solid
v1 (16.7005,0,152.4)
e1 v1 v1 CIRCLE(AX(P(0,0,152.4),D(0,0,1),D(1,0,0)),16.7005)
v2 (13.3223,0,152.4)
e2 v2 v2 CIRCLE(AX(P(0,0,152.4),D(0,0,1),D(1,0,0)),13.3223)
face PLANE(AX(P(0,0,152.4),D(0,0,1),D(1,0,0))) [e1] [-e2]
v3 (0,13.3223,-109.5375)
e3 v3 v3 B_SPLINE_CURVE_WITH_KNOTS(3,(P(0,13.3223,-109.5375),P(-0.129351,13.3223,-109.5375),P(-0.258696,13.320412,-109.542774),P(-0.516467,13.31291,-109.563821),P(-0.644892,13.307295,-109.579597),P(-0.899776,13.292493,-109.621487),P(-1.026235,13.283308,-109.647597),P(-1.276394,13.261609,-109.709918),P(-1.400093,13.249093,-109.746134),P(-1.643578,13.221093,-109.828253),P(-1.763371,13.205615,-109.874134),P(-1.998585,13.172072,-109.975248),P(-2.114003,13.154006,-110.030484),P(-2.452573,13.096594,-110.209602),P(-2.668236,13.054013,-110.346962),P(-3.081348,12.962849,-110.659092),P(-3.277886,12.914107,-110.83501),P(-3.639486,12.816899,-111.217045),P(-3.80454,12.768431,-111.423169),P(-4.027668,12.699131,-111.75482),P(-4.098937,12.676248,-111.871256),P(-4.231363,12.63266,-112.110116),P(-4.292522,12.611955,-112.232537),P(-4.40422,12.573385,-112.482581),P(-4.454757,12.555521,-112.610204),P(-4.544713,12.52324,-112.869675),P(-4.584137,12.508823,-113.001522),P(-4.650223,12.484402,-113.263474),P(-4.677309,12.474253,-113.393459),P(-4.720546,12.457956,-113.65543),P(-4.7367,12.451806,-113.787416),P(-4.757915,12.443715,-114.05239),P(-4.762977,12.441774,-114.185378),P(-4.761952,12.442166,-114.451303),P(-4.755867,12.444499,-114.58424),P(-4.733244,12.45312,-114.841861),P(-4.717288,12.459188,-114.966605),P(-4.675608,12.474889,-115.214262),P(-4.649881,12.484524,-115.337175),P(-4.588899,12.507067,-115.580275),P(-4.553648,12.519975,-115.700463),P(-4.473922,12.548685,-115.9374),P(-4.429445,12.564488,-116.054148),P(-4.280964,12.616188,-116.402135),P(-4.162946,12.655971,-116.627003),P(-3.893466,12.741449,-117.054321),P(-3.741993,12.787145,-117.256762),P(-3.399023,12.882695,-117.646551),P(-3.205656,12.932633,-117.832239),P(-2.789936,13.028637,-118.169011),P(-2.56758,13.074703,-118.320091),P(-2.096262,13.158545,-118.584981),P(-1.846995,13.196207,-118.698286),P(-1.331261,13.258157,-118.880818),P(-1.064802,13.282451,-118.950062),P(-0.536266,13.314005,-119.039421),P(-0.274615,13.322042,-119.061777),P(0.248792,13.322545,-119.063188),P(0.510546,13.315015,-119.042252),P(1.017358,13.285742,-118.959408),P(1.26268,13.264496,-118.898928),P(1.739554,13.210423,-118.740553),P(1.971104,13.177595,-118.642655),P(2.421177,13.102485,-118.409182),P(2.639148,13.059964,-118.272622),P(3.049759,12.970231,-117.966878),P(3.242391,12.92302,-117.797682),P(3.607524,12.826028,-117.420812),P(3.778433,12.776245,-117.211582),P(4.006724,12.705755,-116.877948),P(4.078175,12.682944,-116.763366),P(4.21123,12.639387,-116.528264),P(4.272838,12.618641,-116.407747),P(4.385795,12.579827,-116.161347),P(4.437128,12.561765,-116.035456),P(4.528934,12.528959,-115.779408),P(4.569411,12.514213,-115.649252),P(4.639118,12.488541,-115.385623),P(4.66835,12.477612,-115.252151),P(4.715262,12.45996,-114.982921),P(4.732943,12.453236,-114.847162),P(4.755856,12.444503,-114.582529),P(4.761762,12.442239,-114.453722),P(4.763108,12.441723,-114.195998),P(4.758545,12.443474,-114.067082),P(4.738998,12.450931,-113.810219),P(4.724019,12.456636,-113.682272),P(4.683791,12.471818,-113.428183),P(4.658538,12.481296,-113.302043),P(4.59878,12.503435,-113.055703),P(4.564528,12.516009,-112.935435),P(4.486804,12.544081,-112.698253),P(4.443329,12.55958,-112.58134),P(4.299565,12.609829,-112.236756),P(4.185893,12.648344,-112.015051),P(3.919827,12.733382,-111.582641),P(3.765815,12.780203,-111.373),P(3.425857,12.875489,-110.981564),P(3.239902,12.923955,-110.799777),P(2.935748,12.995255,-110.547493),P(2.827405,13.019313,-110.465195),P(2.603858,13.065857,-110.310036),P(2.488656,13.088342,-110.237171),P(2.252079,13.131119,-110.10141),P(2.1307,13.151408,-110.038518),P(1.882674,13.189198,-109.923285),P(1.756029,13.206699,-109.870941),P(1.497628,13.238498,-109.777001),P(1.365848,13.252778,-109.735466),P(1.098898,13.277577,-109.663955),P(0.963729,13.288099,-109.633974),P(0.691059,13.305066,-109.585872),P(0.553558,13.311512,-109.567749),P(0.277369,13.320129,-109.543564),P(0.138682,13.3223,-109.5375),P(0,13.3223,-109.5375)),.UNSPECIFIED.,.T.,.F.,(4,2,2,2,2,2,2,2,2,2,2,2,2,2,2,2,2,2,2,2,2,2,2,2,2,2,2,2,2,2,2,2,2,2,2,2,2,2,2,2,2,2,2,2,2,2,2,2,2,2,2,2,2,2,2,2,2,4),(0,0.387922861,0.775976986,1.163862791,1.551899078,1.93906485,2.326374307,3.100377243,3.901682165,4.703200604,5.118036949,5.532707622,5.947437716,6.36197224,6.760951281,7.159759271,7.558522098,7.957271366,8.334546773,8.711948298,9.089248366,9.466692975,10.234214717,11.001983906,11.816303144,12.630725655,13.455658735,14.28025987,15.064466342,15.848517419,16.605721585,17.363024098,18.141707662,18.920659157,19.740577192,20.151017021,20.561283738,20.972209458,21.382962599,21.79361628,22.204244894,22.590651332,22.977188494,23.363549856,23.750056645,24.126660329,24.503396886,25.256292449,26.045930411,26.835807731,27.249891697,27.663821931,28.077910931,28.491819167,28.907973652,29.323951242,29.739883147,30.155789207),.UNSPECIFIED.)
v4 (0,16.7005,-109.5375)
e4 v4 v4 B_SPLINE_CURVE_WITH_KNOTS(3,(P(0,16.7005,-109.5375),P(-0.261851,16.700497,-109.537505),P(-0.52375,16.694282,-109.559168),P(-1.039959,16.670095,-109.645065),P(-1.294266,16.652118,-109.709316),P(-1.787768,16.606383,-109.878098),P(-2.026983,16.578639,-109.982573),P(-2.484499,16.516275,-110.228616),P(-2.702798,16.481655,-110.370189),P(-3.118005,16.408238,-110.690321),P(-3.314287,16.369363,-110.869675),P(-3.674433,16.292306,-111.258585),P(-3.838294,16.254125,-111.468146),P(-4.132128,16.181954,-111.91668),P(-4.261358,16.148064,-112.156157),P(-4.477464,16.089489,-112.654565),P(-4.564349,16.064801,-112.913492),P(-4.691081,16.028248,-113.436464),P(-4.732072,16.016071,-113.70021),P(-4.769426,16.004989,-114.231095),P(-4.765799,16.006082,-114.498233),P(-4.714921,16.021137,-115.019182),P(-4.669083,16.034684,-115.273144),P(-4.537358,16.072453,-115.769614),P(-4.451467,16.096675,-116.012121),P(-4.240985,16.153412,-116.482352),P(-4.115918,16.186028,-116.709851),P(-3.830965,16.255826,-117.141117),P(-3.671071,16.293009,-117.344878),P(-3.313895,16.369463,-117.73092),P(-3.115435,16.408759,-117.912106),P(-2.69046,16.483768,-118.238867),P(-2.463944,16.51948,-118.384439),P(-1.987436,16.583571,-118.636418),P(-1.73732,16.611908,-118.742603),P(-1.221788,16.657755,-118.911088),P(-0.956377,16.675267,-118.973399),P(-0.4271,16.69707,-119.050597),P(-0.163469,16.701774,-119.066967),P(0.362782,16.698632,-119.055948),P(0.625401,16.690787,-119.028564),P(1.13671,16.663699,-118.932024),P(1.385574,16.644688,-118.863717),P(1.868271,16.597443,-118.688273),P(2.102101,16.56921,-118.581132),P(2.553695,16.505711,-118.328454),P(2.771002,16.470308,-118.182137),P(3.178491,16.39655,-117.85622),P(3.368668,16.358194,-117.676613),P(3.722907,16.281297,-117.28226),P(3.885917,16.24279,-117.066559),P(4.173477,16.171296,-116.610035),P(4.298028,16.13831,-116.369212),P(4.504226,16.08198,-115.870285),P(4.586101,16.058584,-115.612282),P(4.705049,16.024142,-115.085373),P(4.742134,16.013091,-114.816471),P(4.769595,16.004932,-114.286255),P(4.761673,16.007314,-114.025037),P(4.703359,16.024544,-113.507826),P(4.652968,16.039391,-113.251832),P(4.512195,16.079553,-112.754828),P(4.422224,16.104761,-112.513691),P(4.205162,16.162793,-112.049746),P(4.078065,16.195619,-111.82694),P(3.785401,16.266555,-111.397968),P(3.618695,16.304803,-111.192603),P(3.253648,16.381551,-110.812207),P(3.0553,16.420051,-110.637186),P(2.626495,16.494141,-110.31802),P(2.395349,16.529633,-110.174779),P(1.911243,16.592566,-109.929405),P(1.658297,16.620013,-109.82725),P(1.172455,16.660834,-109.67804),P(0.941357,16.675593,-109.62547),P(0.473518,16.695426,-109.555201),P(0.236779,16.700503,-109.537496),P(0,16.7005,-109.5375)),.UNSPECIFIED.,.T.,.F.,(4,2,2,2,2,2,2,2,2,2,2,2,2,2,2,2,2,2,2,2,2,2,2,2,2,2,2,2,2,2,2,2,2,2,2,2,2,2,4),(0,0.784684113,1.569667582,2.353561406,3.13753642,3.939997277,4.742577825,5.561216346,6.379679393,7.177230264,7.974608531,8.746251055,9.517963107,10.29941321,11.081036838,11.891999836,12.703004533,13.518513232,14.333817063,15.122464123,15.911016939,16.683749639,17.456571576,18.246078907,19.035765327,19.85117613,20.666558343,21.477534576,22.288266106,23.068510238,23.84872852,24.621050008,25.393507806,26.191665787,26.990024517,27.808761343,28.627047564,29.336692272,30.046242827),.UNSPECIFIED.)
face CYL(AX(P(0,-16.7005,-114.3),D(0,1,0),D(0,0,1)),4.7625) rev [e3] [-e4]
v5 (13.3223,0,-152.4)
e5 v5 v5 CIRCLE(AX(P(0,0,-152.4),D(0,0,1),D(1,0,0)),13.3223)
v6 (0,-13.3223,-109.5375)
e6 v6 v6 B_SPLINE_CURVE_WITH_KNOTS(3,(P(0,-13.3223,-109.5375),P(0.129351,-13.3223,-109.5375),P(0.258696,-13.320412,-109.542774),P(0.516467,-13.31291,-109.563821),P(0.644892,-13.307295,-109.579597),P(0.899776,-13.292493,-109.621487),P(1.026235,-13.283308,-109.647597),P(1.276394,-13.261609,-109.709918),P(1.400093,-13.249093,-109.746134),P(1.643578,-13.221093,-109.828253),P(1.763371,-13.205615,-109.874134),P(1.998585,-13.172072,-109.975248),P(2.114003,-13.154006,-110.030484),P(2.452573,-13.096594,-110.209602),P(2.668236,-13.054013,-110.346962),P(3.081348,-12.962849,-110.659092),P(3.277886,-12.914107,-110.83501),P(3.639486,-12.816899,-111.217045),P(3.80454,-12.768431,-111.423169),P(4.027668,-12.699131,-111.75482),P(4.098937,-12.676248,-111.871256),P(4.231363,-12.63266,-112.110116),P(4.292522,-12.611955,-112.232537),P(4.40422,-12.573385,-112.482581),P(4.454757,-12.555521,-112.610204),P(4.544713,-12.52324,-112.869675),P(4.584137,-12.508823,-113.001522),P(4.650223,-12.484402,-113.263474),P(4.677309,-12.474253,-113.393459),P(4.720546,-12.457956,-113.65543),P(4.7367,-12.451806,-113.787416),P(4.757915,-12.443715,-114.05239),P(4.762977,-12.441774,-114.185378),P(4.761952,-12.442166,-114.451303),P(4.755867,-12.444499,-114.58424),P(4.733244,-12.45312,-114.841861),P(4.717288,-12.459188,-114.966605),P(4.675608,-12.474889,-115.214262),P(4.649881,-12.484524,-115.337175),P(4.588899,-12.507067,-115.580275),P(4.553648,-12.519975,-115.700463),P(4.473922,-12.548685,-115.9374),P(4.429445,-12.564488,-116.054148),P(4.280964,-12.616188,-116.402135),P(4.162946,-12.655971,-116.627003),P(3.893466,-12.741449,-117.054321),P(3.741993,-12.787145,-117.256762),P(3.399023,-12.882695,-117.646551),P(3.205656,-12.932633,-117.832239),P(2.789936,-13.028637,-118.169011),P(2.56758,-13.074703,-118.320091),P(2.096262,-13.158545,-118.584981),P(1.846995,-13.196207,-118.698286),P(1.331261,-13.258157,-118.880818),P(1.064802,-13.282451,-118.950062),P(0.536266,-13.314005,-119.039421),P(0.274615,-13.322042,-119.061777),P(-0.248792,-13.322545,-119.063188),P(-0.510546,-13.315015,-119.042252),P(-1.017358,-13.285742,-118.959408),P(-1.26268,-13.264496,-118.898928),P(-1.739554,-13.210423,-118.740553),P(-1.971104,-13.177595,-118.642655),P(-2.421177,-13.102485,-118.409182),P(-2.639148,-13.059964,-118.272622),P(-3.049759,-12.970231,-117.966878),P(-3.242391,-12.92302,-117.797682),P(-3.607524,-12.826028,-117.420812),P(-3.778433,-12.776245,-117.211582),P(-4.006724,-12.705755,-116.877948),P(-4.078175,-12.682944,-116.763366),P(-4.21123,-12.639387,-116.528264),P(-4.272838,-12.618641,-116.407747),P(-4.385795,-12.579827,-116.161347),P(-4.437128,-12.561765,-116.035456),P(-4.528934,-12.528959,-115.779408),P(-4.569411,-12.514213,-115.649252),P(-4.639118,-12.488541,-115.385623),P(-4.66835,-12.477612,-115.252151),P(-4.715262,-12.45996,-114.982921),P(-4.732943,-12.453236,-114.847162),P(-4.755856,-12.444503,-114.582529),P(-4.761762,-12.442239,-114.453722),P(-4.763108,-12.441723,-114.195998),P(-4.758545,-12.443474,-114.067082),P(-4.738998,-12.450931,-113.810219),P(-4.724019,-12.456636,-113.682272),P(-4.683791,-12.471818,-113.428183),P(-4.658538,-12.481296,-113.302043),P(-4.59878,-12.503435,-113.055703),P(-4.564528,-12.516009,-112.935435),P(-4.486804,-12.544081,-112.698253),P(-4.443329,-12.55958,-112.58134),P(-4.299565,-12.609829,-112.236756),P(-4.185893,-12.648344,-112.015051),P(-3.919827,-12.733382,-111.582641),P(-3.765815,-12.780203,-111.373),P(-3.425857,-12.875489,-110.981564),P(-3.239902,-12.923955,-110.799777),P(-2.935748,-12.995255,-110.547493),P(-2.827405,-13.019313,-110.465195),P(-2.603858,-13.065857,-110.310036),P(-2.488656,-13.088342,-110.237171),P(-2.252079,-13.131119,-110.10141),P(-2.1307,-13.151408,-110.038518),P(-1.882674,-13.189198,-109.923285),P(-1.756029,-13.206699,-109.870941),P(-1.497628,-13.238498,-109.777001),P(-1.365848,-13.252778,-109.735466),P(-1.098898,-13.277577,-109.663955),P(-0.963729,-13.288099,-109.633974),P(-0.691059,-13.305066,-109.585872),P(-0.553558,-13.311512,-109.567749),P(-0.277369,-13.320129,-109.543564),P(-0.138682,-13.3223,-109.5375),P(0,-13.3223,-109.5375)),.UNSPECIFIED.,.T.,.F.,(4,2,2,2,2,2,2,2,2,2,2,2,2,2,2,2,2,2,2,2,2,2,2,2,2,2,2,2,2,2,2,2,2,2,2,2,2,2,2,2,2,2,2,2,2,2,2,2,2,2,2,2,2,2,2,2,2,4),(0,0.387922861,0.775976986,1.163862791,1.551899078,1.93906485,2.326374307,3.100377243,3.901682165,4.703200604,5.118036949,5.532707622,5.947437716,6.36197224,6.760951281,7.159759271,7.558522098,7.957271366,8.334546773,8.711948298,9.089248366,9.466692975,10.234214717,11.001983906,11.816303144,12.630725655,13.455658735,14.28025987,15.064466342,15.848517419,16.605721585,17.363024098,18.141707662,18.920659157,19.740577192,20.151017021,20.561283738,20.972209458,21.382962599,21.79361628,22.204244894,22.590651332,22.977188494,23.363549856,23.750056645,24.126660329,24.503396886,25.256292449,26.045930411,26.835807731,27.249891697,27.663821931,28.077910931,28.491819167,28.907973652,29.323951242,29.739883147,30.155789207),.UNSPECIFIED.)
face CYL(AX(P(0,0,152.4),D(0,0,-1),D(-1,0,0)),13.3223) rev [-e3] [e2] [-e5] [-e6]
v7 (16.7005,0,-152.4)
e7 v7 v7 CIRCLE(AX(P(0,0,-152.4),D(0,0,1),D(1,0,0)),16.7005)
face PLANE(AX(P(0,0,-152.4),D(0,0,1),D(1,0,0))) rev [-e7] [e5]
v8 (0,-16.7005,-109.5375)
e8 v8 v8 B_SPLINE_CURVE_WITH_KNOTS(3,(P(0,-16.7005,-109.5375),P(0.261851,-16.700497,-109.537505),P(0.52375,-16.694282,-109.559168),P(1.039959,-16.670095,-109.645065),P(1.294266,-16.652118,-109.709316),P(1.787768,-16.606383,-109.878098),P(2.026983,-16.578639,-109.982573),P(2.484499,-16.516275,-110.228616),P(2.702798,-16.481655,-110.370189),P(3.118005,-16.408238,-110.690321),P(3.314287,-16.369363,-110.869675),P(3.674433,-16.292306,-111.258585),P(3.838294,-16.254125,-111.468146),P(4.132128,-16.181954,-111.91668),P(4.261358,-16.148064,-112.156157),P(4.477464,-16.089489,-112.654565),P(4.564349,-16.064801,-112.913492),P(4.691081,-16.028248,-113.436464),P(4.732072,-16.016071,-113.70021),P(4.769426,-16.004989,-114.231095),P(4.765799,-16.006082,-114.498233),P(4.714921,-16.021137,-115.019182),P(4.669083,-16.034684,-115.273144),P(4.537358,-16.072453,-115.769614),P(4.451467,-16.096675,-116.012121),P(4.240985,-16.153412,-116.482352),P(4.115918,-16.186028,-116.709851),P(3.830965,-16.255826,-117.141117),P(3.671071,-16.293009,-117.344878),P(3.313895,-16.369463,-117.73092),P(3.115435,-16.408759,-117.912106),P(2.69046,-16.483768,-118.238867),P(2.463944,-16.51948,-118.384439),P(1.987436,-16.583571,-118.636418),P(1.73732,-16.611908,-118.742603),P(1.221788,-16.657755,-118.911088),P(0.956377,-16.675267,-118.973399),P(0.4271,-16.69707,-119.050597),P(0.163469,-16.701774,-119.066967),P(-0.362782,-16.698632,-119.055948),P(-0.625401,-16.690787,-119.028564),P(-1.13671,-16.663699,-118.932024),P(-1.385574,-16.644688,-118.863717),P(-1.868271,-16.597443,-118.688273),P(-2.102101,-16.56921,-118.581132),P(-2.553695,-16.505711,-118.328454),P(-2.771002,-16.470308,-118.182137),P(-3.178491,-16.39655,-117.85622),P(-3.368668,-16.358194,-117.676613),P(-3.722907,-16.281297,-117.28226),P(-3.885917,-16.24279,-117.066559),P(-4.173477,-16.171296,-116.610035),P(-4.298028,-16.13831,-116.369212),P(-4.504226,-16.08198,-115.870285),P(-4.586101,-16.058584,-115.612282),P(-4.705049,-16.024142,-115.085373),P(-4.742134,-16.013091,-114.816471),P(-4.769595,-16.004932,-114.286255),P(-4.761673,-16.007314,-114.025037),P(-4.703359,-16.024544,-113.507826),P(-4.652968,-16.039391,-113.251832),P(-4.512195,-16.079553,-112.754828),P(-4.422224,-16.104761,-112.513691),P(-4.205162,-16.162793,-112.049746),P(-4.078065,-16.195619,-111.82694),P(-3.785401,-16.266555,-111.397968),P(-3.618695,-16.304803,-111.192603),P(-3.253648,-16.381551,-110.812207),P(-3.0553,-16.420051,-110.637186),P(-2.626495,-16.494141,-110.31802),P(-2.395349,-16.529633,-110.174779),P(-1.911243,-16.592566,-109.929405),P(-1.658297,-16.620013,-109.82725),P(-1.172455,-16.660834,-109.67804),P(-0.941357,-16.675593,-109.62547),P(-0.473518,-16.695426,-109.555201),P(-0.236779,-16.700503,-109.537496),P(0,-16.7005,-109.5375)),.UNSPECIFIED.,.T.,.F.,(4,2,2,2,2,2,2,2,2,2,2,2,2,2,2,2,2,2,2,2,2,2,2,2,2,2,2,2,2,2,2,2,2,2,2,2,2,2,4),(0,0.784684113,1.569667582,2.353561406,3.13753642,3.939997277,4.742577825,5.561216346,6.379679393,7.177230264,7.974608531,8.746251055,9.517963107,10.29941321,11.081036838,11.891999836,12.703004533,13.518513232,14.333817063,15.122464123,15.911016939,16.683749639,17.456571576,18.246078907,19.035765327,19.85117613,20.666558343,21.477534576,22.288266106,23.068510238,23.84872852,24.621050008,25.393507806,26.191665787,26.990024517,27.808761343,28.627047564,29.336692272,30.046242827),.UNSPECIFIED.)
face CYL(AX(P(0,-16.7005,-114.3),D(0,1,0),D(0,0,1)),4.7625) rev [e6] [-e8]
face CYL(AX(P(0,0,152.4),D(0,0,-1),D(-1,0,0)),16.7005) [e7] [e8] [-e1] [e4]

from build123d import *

# Parameters (mm, degrees)
SKETCH2_R               = 16.7005
SKETCH2_R_2             = 13.3223
PIPE_EXTRUDE_DEPTH      = 152.4
CUT_EXTRUDE1_DEPTH      = 155.219238101
CUT_EXTRUDE1_DEPTH_BACK = 155.219238101
SKETCH3_R               = 4.7625


with BuildPart() as part:
    # Sketch2 → Pipe Extrude (new, symmetric)
    with BuildSketch(Plane.XY):
        Circle(SKETCH2_R)
        Circle(SKETCH2_R_2, mode=Mode.SUBTRACT)
    extrude(amount=PIPE_EXTRUDE_DEPTH, both=True)

    # Sketch3 → Cut-Extrude1 (cut, two sides: drawn at the far end of the back side and taken through both)
    with BuildSketch(Plane(origin=(0, 0, 0), x_dir=(1, 0, 0), z_dir=(0, 1, 0)).offset(-CUT_EXTRUDE1_DEPTH_BACK)):
        with Locations((0, 114.3)):
            Circle(SKETCH3_R)
    extrude(amount=CUT_EXTRUDE1_DEPTH + CUT_EXTRUDE1_DEPTH_BACK, mode=Mode.SUBTRACT)


solid = part.part
